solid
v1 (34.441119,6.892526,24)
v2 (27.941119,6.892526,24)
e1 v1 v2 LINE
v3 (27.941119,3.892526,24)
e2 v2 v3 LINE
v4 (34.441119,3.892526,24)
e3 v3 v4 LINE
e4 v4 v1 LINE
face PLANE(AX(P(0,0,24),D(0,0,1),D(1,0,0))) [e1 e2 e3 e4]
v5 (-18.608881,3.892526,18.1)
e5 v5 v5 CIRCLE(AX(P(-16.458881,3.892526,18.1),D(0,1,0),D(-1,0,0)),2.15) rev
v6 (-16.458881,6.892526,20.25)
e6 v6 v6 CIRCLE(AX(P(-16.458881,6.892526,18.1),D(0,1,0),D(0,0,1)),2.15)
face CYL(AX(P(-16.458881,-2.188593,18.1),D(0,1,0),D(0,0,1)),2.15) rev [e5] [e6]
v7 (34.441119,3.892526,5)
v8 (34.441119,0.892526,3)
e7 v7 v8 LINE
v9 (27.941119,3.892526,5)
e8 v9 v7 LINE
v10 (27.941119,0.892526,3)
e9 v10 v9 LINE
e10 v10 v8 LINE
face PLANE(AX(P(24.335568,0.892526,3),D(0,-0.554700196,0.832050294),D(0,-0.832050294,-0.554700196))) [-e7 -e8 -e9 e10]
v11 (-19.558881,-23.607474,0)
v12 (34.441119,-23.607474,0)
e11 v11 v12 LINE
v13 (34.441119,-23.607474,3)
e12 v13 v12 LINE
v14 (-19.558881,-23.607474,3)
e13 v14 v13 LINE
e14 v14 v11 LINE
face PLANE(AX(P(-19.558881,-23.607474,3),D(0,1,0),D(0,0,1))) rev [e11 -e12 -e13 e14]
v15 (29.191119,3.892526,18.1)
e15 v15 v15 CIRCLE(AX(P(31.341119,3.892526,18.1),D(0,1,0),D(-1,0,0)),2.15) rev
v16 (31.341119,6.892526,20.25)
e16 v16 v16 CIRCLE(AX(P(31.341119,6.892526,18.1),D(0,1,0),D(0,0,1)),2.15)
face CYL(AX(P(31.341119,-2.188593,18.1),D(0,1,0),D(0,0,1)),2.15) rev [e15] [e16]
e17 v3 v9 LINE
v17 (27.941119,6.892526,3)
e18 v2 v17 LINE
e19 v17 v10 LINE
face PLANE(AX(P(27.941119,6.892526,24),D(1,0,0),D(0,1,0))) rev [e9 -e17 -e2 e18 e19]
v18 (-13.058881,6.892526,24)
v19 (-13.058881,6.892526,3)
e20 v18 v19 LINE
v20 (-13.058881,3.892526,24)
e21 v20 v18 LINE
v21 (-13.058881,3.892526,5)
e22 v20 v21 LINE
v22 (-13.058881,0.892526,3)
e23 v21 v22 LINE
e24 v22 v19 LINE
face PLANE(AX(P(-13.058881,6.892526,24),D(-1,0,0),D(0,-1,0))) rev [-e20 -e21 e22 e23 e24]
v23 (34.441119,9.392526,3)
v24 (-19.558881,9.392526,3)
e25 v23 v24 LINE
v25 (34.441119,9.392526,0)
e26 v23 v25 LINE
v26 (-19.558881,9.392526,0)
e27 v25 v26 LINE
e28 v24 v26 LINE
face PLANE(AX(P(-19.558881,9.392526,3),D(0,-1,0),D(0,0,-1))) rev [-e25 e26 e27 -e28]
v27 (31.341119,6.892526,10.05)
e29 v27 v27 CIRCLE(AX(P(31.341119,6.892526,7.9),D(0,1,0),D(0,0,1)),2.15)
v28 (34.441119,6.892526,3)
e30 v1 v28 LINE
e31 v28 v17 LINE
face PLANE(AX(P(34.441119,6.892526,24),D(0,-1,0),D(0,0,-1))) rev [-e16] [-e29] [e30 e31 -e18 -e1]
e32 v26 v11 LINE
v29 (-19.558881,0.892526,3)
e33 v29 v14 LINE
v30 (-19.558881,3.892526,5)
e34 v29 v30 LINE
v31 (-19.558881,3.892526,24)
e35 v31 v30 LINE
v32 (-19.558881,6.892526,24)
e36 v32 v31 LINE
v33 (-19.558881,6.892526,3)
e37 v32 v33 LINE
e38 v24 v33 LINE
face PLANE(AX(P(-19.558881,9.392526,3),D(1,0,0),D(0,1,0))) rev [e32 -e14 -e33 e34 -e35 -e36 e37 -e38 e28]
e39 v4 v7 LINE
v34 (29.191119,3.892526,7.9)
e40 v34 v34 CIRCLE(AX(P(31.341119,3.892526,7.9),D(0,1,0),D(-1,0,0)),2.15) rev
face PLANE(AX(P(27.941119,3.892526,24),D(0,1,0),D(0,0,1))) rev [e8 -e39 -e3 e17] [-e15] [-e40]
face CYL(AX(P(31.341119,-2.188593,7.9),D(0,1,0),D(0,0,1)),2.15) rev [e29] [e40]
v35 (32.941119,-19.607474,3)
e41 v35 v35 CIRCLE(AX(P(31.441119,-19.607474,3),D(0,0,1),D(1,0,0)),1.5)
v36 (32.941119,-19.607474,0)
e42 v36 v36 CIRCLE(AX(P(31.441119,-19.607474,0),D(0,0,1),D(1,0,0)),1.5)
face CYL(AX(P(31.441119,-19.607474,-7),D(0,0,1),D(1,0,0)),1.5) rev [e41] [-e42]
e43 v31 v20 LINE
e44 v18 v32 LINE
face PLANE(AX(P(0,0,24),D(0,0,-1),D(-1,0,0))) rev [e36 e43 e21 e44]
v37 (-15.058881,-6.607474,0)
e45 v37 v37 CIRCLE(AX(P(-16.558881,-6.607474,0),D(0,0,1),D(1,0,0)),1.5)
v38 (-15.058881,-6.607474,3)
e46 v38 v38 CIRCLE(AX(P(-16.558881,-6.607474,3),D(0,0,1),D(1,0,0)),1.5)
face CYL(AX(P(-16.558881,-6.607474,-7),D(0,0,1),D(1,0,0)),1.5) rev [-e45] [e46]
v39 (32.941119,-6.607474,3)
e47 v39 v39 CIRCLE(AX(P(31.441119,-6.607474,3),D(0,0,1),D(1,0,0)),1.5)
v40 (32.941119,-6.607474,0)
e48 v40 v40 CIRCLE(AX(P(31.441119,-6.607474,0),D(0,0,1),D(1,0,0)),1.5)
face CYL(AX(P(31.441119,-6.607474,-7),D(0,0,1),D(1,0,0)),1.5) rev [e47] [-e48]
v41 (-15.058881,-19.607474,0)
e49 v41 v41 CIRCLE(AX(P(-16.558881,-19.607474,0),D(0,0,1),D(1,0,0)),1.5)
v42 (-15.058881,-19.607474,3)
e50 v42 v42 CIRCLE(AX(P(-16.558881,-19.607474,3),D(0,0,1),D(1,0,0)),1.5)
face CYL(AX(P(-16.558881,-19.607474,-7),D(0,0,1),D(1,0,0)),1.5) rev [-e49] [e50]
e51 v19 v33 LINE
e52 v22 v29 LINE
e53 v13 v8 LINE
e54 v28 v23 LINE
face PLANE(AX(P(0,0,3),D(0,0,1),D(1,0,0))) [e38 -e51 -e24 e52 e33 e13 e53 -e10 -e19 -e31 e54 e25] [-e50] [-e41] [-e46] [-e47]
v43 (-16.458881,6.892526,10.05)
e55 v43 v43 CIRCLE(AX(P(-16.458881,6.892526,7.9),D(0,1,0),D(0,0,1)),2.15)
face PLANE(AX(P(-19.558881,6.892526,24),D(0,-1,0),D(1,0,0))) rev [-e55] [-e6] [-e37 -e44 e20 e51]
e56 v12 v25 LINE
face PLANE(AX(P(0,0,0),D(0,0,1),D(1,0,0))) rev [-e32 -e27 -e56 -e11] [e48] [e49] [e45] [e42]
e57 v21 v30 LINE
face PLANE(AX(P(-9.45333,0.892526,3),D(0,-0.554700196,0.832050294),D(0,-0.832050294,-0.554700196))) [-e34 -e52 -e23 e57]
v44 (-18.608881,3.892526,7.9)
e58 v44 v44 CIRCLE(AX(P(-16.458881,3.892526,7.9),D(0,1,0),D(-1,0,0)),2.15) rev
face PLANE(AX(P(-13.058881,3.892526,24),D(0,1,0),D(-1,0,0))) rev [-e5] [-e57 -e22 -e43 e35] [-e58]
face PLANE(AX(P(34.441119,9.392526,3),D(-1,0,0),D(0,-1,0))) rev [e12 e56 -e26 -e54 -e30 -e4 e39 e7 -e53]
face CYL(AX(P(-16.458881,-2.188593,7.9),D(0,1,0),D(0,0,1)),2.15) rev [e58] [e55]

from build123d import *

# Parameters (mm, degrees)
SKETCH1_W           = 54
SKETCH1_H           = 33
BOSS_EXTRUDE1_DEPTH = 3
SKETCH3_W           = 6.5
SKETCH3_H           = 3
BOSS_EXTRUDE2_DEPTH = 21
SKETCH5_R           = 2.15
CUT_EXTRUDE1_DEPTH  = 3
SKETCH6_R           = 1.5
CUT_EXTRUDE2_DEPTH  = 10
BOSS_EXTRUDE3_DEPTH = 6.5
BOSS_EXTRUDE4_DEPTH = 6.5


with BuildPart() as part:
    # Sketch1 → Boss-Extrude1 (new body)
    with BuildSketch(Plane.XY):
        with Locations((7.441119081, -7.107474474)):
            Rectangle(SKETCH1_W, SKETCH1_H)
    extrude(amount=BOSS_EXTRUDE1_DEPTH)

    # Sketch3 → Boss-Extrude2 (add)
    with BuildSketch(Plane.XY.offset(3)):
        with Locations((31.191119081, 5.392525526)):
            Rectangle(SKETCH3_W, SKETCH3_H)
        with Locations((-16.308880919, 5.392525526)):
            Rectangle(SKETCH3_W, SKETCH3_H)
    extrude(amount=BOSS_EXTRUDE2_DEPTH)

    # Sketch5 → Cut-Extrude1 (cut)
    with BuildSketch(Plane(origin=(0, 6.892525526, 0), x_dir=(1, 0, 0), z_dir=(0, 1, 0))):
        with Locations(Location((31.341119081, -18.1, 0), (0, 0, 270))):
            Circle(SKETCH5_R)
        with Locations(Location((31.341119081, -7.9, 0), (0, 0, 270))):
            Circle(SKETCH5_R)
        with Locations(Location((-16.458880919, -18.1, 0), (0, 0, 270))):
            Circle(SKETCH5_R)
        with Locations(Location((-16.458880919, -7.9, 0), (0, 0, 270))):
            Circle(SKETCH5_R)
    extrude(amount=-CUT_EXTRUDE1_DEPTH, mode=Mode.SUBTRACT)

    # Sketch6 → Cut-Extrude2 (cut)
    with BuildSketch(Plane.XY.offset(3)):
        with Locations((31.441119081, -19.607474474)):
            Circle(SKETCH6_R)
        with Locations((-16.558880919, -19.607474474)):
            Circle(SKETCH6_R)
        with Locations((-16.558880919, -6.607474474)):
            Circle(SKETCH6_R)
        with Locations((31.441119081, -6.607474474)):
            Circle(SKETCH6_R)
    extrude(amount=-CUT_EXTRUDE2_DEPTH, mode=Mode.SUBTRACT)

    # Sketch7 → Boss-Extrude3 (add)
    with BuildSketch(Plane(origin=(34.441119081, 0, 0), x_dir=(0, 0, -1), z_dir=(1, 0, 0))):
        Polygon((-5, 3.892525526), (-3, 3.892525526), (-3, 0.892525526), align=None)
    extrude(amount=-BOSS_EXTRUDE3_DEPTH)

    # Sketch8 → Boss-Extrude4 (add)
    with BuildSketch(Plane.ZY.offset(19.558880919)):
        Polygon((5, 3.892525526), (3, 3.892525526), (3, 0.892525526), align=None)
    extrude(amount=-BOSS_EXTRUDE4_DEPTH)


solid = part.part
